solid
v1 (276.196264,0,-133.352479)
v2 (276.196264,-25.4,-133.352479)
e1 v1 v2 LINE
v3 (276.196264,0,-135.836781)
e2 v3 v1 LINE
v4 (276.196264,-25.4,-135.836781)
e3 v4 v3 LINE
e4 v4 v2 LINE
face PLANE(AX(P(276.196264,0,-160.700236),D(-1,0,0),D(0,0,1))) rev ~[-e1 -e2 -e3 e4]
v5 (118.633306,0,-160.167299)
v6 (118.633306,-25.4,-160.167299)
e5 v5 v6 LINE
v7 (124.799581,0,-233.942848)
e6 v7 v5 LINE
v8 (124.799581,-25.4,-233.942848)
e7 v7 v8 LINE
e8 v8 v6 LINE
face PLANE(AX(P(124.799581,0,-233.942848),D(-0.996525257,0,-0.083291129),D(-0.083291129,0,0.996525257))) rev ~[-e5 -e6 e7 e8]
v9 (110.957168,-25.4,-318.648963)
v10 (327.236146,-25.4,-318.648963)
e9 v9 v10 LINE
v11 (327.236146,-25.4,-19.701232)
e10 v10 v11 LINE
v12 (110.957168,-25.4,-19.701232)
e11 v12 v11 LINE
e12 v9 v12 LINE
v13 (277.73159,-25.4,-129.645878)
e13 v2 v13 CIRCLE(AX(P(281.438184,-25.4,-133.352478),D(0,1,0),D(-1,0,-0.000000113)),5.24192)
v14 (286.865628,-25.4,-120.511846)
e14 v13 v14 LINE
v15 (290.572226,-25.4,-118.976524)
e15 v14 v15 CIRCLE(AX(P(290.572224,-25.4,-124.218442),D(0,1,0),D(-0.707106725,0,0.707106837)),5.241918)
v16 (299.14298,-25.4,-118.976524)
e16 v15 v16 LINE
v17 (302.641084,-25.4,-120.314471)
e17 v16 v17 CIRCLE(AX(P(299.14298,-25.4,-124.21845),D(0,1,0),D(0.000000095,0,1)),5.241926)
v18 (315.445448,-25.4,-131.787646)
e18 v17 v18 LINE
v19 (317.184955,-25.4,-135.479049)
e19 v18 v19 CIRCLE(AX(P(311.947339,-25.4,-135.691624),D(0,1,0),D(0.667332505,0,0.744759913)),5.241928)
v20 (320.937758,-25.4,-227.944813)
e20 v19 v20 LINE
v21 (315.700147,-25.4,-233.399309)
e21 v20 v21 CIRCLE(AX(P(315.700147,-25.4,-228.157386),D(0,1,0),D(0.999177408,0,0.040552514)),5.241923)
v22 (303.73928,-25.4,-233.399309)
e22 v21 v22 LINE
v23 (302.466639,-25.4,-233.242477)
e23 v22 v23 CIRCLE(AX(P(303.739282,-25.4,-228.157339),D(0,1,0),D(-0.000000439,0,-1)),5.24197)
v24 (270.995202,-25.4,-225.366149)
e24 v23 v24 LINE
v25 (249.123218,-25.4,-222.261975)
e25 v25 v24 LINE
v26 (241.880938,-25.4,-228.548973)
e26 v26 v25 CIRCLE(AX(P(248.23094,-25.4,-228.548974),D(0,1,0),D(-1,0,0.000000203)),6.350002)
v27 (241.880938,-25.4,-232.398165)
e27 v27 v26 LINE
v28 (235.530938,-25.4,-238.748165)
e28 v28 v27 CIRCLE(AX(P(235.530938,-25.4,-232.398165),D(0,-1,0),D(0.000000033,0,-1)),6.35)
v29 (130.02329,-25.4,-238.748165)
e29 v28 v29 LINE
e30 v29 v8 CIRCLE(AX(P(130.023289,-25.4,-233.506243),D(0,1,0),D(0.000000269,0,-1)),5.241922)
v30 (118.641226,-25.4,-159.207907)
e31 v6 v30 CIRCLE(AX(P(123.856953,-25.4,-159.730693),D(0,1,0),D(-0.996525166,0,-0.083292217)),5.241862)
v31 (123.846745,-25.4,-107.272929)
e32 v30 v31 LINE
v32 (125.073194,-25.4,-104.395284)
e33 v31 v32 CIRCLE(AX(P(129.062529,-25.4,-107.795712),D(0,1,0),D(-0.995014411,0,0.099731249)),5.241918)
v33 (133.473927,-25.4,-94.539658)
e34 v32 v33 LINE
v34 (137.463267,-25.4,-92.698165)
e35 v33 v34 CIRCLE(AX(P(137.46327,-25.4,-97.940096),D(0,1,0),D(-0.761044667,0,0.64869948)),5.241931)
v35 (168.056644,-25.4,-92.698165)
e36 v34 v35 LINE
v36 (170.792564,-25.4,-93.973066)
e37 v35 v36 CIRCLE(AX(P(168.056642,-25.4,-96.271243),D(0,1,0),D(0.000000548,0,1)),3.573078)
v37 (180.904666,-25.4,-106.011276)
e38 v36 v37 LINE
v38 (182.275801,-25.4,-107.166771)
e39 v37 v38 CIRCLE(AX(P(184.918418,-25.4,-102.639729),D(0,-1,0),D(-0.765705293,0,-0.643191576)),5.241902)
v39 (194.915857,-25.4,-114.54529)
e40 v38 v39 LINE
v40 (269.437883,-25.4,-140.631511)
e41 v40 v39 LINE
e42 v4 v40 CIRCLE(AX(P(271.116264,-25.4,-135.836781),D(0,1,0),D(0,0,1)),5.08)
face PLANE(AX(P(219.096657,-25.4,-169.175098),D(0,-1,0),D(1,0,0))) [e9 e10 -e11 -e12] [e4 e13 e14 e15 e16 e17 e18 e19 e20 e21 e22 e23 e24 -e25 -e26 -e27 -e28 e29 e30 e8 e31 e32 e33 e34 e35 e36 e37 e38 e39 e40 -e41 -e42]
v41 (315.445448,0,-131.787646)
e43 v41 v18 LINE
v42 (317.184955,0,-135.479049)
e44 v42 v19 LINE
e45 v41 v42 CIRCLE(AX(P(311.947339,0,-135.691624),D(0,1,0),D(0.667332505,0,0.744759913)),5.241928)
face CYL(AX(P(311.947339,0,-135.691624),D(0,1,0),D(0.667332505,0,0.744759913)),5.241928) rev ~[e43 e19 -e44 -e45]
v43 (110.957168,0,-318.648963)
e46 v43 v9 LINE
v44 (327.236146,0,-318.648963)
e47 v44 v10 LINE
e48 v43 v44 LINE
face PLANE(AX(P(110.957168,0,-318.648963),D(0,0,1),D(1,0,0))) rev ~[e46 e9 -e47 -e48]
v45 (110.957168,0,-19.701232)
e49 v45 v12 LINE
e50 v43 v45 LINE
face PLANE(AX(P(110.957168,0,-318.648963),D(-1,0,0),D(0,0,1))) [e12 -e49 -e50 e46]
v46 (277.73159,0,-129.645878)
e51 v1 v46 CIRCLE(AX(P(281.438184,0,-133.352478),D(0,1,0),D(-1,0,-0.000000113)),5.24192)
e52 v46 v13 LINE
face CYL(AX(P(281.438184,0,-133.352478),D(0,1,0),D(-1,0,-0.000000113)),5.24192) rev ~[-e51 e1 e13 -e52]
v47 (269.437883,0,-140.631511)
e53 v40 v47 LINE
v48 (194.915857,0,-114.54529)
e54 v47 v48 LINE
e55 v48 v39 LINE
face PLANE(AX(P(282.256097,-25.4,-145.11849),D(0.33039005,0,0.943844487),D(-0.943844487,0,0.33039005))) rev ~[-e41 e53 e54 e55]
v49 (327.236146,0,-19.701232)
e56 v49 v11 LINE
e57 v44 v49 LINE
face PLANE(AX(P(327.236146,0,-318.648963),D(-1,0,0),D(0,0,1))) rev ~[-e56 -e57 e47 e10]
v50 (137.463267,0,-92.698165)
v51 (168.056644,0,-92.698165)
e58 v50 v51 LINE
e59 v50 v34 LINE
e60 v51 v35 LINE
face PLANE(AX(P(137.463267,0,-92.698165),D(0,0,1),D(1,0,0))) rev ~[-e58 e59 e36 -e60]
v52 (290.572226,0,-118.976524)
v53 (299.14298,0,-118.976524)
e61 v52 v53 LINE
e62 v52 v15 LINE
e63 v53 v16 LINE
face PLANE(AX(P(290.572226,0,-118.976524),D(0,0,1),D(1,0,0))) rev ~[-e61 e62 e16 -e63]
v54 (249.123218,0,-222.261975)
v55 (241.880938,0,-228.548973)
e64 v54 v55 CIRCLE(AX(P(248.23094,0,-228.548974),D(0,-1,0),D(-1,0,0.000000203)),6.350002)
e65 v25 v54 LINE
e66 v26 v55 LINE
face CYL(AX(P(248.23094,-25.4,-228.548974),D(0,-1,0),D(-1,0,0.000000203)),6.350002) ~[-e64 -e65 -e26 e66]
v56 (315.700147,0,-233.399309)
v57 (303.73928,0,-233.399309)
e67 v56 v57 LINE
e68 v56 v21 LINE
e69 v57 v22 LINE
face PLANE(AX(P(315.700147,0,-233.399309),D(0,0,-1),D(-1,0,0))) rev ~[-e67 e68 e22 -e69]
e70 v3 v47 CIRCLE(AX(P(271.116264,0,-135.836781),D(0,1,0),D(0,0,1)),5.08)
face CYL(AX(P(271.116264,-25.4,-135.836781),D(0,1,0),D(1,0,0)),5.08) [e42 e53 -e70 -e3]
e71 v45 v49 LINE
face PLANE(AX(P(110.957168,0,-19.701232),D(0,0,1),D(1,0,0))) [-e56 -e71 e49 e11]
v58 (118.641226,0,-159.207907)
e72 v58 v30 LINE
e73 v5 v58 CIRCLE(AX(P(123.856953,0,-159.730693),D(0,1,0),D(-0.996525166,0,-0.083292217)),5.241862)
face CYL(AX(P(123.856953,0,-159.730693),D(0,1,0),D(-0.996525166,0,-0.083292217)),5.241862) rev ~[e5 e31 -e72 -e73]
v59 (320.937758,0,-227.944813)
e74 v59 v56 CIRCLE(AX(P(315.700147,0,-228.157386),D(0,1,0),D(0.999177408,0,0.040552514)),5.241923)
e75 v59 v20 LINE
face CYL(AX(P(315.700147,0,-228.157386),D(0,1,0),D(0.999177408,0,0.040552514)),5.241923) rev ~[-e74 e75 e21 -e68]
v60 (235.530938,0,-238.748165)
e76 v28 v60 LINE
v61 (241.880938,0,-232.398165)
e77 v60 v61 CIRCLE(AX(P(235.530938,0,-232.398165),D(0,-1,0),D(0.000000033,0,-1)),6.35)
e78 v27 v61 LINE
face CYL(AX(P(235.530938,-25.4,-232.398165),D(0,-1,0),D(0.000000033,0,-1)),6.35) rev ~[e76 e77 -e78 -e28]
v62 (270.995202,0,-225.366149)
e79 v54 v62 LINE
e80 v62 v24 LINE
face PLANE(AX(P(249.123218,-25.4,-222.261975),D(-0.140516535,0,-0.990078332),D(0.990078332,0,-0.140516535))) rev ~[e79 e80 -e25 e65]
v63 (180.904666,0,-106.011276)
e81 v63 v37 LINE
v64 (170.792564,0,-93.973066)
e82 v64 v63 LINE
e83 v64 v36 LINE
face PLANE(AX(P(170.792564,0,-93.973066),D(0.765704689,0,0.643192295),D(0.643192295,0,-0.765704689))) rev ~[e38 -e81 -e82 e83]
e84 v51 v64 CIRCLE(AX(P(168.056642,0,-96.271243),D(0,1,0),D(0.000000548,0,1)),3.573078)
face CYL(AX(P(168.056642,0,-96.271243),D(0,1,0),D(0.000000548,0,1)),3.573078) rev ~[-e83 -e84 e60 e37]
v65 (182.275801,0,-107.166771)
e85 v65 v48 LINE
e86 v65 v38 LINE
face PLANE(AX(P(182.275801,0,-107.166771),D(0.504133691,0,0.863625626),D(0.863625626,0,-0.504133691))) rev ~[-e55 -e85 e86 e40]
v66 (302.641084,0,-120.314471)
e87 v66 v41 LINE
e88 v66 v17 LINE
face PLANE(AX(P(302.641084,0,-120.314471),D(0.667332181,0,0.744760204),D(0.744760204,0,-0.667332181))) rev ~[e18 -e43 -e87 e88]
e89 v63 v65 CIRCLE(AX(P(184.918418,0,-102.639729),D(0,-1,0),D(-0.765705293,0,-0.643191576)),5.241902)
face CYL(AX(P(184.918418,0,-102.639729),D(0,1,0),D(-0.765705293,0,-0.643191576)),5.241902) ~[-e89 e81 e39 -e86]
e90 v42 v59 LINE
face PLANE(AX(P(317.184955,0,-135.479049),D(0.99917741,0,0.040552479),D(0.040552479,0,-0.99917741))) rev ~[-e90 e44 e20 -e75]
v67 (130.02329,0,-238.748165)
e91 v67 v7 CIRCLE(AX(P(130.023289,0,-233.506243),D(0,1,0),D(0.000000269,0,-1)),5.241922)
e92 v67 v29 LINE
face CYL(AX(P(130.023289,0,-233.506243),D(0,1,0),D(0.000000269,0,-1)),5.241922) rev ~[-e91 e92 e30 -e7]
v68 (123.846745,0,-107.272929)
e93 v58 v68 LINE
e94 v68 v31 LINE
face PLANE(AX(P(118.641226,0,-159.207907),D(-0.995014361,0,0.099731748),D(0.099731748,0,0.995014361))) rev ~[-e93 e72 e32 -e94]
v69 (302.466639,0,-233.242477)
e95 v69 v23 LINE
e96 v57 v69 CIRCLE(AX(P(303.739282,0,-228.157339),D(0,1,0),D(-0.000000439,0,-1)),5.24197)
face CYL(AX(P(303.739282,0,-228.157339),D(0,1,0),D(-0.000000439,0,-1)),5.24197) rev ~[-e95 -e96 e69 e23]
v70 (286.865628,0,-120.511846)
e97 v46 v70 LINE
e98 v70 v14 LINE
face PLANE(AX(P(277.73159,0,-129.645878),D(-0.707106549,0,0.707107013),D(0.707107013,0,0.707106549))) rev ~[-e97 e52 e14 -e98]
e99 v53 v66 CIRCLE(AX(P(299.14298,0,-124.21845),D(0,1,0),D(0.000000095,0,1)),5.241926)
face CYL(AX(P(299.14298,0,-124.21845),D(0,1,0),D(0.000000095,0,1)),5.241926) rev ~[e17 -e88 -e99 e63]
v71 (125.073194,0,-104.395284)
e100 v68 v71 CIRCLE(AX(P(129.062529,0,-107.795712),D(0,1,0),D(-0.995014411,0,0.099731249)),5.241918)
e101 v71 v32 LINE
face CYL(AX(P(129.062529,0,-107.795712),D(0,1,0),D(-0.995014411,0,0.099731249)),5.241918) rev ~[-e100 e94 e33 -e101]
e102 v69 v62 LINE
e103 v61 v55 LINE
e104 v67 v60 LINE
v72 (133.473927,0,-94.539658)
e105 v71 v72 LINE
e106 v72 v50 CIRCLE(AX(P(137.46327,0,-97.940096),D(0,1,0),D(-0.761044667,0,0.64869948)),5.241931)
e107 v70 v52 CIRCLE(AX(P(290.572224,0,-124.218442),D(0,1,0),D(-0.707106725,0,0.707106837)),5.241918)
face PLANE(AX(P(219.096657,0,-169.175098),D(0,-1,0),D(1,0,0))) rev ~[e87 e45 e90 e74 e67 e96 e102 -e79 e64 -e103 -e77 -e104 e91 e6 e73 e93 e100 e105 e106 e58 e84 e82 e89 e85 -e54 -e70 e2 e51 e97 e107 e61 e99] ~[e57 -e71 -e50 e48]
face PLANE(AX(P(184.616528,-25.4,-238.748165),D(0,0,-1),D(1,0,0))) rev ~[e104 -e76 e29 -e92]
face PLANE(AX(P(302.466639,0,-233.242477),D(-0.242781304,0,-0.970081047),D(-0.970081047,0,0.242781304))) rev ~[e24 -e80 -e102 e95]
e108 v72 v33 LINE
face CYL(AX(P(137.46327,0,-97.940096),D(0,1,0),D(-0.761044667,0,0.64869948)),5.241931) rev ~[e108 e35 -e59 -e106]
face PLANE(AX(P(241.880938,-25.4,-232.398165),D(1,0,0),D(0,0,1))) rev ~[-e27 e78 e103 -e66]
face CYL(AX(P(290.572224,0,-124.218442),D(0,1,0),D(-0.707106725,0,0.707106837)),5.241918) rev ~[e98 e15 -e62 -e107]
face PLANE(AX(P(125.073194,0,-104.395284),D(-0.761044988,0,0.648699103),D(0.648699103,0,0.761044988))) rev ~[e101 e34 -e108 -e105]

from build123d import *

# Parameters (mm, degrees)
F0_W     = 216.278978
F0_H     = 298.947731
F1_DEPTH = 25.4
F3_DEPTH = 25.401
F4_R     = 5.08


with BuildPart() as f1:
    # F0 (on Front) → F1 (new body)
    with BuildSketch(Plane.XZ):
        with Locations((219.096657, -169.175098)):
            Rectangle(F0_W, F0_H)
        with BuildLine():
            Line((184.616528, -238.748165), (130.02329, -238.748165))
            ThreePointArc((130.02329, -238.748165), (126.474409, -237.364118), (124.799581, -233.942848))
            Line((124.799581, -233.942848), (118.633306, -160.167299))
            ThreePointArc((118.633306, -160.167299), (118.61527, -159.687422), (118.641226, -159.207907))
            Line((118.641226, -159.207907), (123.846745, -107.272929))
            ThreePointArc((123.846745, -107.272929), (124.240313, -105.74049), (125.073194, -104.395284))
            Line((125.073194, -104.395284), (133.473927, -94.539658))
            ThreePointArc((133.473927, -94.539658), (135.266342, -93.180753), (137.463267, -92.698165))
            Line((137.463267, -92.698165), (168.056644, -92.698165))
            ThreePointArc((168.056644, -92.698165), (169.565835, -93.032536), (170.792564, -93.973066))
            Line((170.792564, -93.973066), (180.904666, -106.011276))
            ThreePointArc((180.904666, -106.011276), (181.54046, -106.648087), (182.275801, -107.166771))
            Line((182.275801, -107.166771), (194.915857, -114.54529))
            ThreePointArc((194.915857, -114.54529), (196.686537, -116.243842), (197.490259, -118.562121))
            Line((197.490259, -118.562121), (198.506103, -128.94903))
            ThreePointArc((198.506103, -128.94903), (200.394922, -132.488586), (204.233364, -133.655834))
            Line((204.233364, -133.655834), (214.386911, -132.662812))
            ThreePointArc((214.386911, -132.662812), (218.225352, -133.83006), (220.114172, -137.369617))
            Line((220.114172, -137.369617), (221.566417, -152.21868))
            ThreePointArc((221.566417, -152.21868), (223.26186, -155.591256), (226.783449, -156.950375))
            Line((226.783449, -156.950375), (243.912482, -156.950375))
            ThreePointArc((243.912482, -156.950375), (244.805431, -157.026991), (245.672278, -157.254599))
            Line((245.672278, -157.254599), (263.762319, -163.70189))
            Line((263.762319, -163.70189), (269.194545, -165.637936))
            ThreePointArc((269.194545, -165.637936), (273.975354, -164.984071), (276.196264, -160.700236))
            Line((276.196264, -160.700236), (276.196264, -133.352479))
            ThreePointArc((276.196264, -133.352479), (276.595282, -131.346481), (277.73159, -129.645878))
            Line((277.73159, -129.645878), (286.865628, -120.511846))
            ThreePointArc((286.865628, -120.511846), (288.566229, -119.375541), (290.572226, -118.976524))
            Line((290.572226, -118.976524), (299.14298, -118.976524))
            ThreePointArc((299.14298, -118.976524), (301.0156, -119.322423), (302.641084, -120.314471))
            Line((302.641084, -120.314471), (315.445448, -131.787646))
            ThreePointArc((315.445448, -131.787646), (316.689157, -133.457128), (317.184955, -135.479049))
            Line((317.184955, -135.479049), (320.937758, -227.944813))
            ThreePointArc((320.937758, -227.944813), (319.481155, -231.788052), (315.700147, -233.399309))
            Line((315.700147, -233.399309), (303.73928, -233.399309))
            ThreePointArc((303.73928, -233.399309), (303.098145, -233.359953), (302.466639, -233.242477))
            Line((302.466639, -233.242477), (270.995202, -225.366149))
            ThreePointArc((270.995202, -225.366149), (270.726, -225.306254), (270.45402, -225.260601))
            Line((270.45402, -225.260601), (263.762319, -224.317615))
            Line((263.762319, -224.317615), (223.293336, -218.614775))
            Line((223.293336, -218.614775), (204.573976, -215.976866))
            ThreePointArc((204.573976, -215.976866), (201.545132, -216.45584), (199.302489, -218.547219))
            Line((199.302489, -218.547219), (189.156557, -236.126528))
            ThreePointArc((189.156557, -236.126528), (187.237828, -238.045686), (184.616528, -238.748165))
        make_face(mode=Mode.SUBTRACT)
    extrude(amount=F1_DEPTH)

    # F2 (on face) → F3 (cut, through all)
    with BuildSketch(Plane.XZ.offset(25.4)):
        with BuildLine():
            Line((194.915857, -114.54529), (184.616528, -238.748165))
            Line((184.616528, -238.748165), (235.530938, -238.748165))
            ThreePointArc((235.530938, -238.748165), (240.021066, -236.888293), (241.880938, -232.398165))
            Line((241.880938, -232.398165), (241.880938, -228.548973))
            ThreePointArc((241.880938, -228.548973), (244.068216, -223.753742), (249.123218, -222.261975))
            Line((249.123218, -222.261975), (270.995202, -225.366149))
            Line((270.995202, -225.366149), (270.995202, -172.679961))
            Line((270.995202, -172.679961), (284.431964, -163.976327))
            Line((284.431964, -163.976327), (282.256097, -145.11849))
            Line((282.256097, -145.11849), (194.915857, -114.54529))
        make_face()
    extrude(amount=-F3_DEPTH, mode=Mode.SUBTRACT)

    # F4
    f4_edges = [f1.edges().sort_by_distance(p)[0] for p in [
        (276.196264, -12.7, -142.997263),
    ]]
    fillet(f4_edges, radius=F4_R)


solid = f1.part
